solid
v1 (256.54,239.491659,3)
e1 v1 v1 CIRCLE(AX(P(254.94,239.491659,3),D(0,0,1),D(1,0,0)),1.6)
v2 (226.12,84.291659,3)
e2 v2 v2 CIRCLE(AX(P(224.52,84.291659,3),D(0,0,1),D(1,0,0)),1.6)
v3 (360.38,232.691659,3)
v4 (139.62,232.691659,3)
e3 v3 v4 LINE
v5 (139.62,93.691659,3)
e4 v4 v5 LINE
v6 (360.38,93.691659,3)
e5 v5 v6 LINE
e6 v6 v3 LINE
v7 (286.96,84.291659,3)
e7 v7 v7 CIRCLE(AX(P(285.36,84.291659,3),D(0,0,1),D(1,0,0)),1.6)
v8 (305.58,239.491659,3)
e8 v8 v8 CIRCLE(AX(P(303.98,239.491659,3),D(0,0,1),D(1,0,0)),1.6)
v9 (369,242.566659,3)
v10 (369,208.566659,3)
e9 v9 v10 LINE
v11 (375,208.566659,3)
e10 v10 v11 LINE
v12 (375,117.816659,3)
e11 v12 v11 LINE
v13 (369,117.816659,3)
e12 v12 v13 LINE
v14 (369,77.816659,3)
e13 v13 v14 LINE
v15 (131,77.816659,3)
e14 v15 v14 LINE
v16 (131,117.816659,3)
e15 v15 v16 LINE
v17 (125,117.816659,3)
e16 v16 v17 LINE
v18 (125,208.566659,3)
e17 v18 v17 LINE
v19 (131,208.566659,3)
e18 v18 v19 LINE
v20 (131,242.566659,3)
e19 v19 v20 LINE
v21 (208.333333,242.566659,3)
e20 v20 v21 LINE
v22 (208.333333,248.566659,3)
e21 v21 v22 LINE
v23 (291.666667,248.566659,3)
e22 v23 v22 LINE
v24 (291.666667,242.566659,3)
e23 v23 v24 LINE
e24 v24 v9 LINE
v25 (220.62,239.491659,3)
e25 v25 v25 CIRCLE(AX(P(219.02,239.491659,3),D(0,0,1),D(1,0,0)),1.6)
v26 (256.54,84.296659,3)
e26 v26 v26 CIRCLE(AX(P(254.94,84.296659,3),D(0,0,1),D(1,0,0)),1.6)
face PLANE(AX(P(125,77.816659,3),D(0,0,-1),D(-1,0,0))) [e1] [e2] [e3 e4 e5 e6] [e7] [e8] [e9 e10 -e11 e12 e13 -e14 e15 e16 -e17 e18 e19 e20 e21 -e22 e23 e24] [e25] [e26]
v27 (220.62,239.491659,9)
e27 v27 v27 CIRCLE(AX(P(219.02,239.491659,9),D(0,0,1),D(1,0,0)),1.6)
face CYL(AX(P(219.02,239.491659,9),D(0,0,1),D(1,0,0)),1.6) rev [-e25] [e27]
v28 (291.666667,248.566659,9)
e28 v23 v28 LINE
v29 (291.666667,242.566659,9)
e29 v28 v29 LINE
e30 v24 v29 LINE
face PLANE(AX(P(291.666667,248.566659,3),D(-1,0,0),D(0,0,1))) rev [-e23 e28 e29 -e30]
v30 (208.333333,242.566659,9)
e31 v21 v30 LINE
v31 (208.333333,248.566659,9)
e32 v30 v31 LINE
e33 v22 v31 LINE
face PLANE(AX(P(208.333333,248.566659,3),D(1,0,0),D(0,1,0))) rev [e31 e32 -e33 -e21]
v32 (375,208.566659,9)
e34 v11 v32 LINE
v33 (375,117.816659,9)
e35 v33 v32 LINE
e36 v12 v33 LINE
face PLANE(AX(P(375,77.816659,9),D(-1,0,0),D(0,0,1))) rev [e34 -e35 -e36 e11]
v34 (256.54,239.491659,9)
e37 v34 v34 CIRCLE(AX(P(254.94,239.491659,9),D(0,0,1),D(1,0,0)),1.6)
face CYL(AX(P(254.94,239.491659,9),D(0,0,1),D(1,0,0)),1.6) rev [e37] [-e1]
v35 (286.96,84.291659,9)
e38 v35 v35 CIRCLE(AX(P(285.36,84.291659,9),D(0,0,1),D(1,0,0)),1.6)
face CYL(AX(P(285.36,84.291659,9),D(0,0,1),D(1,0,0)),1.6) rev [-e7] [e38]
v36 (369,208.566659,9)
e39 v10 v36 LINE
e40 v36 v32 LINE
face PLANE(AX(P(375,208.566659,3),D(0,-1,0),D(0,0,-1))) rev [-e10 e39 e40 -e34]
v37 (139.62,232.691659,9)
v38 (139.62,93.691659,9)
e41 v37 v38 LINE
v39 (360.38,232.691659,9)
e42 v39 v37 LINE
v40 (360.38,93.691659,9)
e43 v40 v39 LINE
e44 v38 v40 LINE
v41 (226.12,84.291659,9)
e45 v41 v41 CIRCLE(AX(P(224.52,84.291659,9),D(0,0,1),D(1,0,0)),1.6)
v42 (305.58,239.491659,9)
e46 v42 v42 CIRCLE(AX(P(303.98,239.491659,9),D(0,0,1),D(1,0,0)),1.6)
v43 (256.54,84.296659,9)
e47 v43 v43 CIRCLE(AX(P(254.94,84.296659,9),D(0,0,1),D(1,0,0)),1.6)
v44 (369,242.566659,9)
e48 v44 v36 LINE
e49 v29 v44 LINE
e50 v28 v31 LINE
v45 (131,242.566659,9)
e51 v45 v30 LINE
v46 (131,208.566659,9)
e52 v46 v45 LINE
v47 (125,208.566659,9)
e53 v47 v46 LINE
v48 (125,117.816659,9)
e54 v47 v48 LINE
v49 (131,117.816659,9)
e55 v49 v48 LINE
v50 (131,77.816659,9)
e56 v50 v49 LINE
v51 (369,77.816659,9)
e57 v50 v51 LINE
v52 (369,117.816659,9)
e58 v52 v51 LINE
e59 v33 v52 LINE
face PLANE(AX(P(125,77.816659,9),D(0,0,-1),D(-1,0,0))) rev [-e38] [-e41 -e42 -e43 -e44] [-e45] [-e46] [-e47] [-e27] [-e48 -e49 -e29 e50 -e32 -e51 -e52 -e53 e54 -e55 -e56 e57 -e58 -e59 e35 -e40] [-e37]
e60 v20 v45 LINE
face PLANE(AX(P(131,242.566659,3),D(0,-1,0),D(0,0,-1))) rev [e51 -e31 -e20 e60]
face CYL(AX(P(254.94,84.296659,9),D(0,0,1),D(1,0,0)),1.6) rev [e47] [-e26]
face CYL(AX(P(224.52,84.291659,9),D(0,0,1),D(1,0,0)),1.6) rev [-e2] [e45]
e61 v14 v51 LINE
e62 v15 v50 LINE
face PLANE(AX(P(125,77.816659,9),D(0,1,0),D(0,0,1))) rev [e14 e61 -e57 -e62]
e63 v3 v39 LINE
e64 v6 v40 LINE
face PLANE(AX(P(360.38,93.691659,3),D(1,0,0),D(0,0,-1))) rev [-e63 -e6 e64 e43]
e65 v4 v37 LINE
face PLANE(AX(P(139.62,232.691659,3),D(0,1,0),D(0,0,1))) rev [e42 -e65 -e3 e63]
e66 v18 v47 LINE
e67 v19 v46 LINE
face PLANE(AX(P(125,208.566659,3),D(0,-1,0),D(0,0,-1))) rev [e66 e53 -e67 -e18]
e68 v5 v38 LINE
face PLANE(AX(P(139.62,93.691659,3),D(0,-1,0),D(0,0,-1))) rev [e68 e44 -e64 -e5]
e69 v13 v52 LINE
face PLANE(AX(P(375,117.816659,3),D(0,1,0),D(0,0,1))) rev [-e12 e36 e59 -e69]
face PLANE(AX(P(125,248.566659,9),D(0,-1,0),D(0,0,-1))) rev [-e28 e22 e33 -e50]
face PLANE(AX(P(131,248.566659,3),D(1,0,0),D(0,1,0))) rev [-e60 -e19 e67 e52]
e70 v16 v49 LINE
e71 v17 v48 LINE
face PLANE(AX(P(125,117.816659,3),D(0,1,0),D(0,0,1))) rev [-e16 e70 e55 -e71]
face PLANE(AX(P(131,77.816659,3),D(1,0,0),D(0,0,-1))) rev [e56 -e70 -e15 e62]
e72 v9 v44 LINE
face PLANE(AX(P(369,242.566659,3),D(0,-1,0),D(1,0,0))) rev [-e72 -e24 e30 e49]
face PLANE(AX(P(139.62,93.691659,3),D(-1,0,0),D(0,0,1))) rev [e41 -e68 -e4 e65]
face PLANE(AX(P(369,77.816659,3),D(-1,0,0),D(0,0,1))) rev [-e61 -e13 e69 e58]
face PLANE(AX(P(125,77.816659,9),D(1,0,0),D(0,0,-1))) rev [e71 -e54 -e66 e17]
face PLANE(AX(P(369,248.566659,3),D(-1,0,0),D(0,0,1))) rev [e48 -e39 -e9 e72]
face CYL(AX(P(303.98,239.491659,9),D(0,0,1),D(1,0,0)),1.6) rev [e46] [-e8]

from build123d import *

# Parameters (mm, degrees)
SKETCH1_W            = 500
SKETCH1_H            = 341.5
BOSS_EXTRUDE1_DEPTH  = 12
SKETCH5_W            = 12
SKETCH5_H            = 80
CUT_EXTRUDE2_DEPTH   = 606.612293468
SKETCH3_W            = 441.52
SKETCH3_H            = 278
CUT_EXTRUDE3_DEPTH   = 606.612293468
SKETCH6_W            = 154.666666667
SKETCH6_H            = 12
CUT_EXTRUDE4_DEPTH   = 606.612293468
SCALE1_SCALE         = 0.5
M3_CLEARANCE_SLOT1_D = 3.2
M3_CLEARANCE_SLOT2_D = 3.2


with BuildPart() as part:
    # Sketch1 → Boss-Extrude1 (new body)
    with BuildSketch(Plane.XY):
        with Locations((250, 170.75)):
            Rectangle(SKETCH1_W, SKETCH1_H)
    extrude(amount=BOSS_EXTRUDE1_DEPTH)

    # Sketch5 → Cut-Extrude2 (cut, through all)
    with BuildSketch(Plane.XY.offset(12)):
        with Locations((6, 301.5)):
            Rectangle(SKETCH5_W, SKETCH5_H)
        with Locations((6, 40)):
            Rectangle(SKETCH5_W, SKETCH5_H)
        with Locations((494, 301.5)):
            Rectangle(SKETCH5_W, SKETCH5_H)
        with Locations((494, 40)):
            Rectangle(SKETCH5_W, SKETCH5_H)
    extrude(amount=-CUT_EXTRUDE2_DEPTH, mode=Mode.SUBTRACT)

    # Sketch3 → Cut-Extrude3 (cut, through all)
    with BuildSketch(Plane.XY.offset(12)):
        with Locations((250, 170.75)):
            Rectangle(SKETCH3_W, SKETCH3_H)
    extrude(amount=-CUT_EXTRUDE3_DEPTH, mode=Mode.SUBTRACT)

    # Sketch6 → Cut-Extrude4 (cut, through all)
    with BuildSketch(Plane.XY.offset(12)):
        with Locations((410.666666667, 335.5)):
            Rectangle(SKETCH6_W, SKETCH6_H)
        with Locations((89.333333334, 335.5)):
            Rectangle(SKETCH6_W, SKETCH6_H)
    extrude(amount=-CUT_EXTRUDE4_DEPTH, mode=Mode.SUBTRACT)


with BuildPart() as part_1:
    # Scale1: scaled about (250, 155.633318535, 6)
    add(part.part.scale(SCALE1_SCALE).moved(Location((125, 77.816659268, 3))))

    # M3 Clearance Slot1 (through all)
    with Locations(Plane.XY.offset(9)):
        with Locations((219.02, 239.491659268), (303.98, 239.491659268), (224.52, 84.291659268), (285.36, 84.291659268)):
            Hole(M3_CLEARANCE_SLOT1_D / 2)

    # M3 Clearance Slot2 (through all)
    with Locations(Plane.XY.offset(9)):
        with Locations((254.94, 84.296659268), (254.94, 239.491659268)):
            Hole(M3_CLEARANCE_SLOT2_D / 2)


solid = part_1.part
